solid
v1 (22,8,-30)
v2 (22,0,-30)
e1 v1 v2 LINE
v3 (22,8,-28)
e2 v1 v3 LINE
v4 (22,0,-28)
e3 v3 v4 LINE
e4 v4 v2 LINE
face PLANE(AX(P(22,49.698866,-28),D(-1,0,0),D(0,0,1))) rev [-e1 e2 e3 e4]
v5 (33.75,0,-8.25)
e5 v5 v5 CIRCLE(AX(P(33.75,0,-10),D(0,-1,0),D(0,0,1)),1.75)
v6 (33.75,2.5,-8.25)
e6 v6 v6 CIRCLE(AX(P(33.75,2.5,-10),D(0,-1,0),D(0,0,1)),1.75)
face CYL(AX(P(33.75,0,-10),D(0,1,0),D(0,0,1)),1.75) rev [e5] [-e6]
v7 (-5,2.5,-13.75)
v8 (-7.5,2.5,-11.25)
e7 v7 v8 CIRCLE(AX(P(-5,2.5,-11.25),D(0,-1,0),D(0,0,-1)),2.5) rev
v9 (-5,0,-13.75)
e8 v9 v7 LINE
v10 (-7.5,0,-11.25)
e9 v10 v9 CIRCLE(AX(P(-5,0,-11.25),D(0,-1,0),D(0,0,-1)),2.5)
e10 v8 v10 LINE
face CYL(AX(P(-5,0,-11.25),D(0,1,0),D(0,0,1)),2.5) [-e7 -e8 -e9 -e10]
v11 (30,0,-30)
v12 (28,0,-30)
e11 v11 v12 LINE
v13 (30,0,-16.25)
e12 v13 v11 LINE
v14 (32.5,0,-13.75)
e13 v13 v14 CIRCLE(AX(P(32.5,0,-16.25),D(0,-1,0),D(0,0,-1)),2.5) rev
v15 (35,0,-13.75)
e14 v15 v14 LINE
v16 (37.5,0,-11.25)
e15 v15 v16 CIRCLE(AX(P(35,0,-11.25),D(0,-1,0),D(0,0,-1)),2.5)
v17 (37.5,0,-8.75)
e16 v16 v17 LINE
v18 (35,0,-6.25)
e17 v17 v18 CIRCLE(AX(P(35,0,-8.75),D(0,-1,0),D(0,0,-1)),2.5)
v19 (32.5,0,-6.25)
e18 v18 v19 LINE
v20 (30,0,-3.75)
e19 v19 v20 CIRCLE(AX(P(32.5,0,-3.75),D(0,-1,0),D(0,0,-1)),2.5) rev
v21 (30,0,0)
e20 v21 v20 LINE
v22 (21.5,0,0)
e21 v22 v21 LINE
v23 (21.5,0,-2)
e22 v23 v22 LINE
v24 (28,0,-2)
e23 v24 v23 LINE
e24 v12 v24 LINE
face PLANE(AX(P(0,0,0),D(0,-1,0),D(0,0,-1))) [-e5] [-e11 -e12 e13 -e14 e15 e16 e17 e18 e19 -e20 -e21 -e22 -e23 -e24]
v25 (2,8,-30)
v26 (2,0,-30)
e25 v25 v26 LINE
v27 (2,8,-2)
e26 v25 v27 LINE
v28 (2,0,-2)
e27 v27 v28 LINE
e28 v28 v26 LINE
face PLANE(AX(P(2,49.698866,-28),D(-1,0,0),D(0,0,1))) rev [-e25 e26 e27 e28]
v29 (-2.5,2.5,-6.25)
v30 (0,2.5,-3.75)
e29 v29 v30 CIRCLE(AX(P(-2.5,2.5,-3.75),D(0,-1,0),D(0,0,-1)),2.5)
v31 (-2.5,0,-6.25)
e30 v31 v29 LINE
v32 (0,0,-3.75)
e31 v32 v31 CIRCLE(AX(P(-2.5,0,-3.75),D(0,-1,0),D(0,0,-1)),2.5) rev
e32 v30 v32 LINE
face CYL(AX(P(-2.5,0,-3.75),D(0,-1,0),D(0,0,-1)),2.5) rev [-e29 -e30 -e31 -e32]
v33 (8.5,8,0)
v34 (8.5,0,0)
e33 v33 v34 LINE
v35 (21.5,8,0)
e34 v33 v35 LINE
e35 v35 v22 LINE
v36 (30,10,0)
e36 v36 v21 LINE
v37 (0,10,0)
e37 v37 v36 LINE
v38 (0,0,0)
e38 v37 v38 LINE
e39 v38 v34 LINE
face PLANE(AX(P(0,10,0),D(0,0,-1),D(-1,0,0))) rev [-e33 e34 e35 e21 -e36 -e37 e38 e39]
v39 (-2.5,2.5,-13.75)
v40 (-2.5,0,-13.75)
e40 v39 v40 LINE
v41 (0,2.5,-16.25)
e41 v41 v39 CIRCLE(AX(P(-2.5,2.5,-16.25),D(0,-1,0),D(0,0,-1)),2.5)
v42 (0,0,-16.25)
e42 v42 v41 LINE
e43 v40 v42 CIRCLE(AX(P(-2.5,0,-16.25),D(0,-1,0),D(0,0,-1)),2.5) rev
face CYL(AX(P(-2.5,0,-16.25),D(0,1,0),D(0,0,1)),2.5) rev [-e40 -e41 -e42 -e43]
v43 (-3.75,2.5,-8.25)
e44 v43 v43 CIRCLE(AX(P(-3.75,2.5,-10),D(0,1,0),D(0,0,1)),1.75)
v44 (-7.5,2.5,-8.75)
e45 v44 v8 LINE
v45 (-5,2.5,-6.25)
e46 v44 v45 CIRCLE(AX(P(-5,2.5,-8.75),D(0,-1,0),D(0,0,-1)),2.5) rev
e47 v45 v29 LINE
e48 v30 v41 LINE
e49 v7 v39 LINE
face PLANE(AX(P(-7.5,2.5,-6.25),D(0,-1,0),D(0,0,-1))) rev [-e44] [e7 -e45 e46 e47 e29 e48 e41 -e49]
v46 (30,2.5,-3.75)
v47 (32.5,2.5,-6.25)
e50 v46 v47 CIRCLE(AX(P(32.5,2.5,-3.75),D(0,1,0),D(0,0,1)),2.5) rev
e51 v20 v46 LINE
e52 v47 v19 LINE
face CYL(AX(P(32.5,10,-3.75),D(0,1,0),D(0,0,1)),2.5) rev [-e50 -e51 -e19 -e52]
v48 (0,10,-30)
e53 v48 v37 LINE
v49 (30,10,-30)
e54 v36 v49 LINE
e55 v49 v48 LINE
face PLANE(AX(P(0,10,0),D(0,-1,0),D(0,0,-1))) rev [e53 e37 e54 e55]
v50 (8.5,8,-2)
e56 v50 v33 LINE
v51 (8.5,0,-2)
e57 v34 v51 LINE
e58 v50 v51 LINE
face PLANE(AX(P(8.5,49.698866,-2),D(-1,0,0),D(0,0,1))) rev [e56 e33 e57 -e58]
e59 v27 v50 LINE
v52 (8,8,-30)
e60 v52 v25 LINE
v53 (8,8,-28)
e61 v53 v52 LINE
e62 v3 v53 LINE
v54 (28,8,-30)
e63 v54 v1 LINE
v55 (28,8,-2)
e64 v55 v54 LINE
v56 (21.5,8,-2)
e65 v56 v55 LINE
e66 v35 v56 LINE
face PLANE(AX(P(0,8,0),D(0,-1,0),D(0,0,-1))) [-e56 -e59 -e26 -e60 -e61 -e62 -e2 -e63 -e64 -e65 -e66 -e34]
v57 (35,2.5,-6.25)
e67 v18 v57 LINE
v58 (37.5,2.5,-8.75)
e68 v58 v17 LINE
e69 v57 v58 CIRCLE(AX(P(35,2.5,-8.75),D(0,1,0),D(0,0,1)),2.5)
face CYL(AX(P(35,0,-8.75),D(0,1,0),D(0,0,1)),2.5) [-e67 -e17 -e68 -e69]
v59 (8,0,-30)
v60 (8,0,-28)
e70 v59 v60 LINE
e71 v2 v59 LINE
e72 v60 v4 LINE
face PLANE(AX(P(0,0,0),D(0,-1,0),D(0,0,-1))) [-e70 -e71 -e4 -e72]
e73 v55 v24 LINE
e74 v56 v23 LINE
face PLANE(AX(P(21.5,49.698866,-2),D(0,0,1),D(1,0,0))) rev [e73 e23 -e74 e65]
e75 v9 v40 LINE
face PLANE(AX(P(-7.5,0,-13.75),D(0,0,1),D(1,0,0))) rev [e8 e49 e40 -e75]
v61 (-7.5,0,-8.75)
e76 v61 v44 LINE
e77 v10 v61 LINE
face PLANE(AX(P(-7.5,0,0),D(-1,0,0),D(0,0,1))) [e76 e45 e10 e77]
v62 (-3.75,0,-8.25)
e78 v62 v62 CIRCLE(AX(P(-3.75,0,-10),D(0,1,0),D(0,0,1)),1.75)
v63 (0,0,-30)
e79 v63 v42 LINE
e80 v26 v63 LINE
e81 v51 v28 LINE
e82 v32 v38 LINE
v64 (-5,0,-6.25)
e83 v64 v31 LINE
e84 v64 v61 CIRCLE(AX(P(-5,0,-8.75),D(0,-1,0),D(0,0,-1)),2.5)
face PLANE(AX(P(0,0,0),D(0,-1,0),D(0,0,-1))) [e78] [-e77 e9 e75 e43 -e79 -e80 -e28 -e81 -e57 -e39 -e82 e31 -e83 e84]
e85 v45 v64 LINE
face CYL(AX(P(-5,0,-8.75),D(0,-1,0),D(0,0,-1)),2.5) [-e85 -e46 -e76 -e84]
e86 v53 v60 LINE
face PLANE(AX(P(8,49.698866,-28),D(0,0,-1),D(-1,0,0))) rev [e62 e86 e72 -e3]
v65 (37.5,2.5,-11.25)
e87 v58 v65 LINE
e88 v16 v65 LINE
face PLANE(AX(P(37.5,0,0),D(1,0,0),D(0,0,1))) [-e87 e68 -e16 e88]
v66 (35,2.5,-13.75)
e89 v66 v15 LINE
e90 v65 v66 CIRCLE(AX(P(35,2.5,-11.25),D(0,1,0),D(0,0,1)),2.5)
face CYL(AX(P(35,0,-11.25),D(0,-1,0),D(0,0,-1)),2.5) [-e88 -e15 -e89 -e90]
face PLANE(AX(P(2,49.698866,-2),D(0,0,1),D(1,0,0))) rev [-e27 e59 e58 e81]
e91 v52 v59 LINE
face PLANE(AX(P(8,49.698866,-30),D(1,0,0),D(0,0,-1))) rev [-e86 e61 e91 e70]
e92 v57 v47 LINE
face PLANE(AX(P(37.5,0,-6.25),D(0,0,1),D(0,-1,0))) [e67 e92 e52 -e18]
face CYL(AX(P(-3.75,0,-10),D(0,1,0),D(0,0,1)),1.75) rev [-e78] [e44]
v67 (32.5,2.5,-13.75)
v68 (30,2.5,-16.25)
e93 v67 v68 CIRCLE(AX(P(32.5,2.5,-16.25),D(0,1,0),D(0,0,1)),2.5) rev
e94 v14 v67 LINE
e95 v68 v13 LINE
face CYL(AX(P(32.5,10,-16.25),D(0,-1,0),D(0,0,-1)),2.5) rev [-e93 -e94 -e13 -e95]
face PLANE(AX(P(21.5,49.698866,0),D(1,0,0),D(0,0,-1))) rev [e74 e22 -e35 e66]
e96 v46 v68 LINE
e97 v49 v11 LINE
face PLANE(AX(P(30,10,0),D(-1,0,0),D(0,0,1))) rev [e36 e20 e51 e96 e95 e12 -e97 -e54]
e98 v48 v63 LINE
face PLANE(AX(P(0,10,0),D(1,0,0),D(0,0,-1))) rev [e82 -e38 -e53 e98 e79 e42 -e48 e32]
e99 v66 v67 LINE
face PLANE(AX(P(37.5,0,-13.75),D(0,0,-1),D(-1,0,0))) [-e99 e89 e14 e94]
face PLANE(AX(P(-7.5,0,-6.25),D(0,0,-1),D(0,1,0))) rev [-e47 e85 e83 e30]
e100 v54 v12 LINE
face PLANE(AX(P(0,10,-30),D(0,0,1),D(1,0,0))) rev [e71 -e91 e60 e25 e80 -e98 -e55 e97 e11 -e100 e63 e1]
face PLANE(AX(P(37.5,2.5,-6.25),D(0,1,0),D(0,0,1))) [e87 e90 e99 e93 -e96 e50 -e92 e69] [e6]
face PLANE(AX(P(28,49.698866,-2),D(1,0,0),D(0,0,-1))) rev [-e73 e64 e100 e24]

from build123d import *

# Parameters (mm, degrees)
SKETCH1_W           = 30
SKETCH1_H           = 30
BOSS_EXTRUDE1_DEPTH = 10
CUT_EXTRUDE1_DEPTH  = 8
SKETCH3_W           = 7.5
SKETCH3_H           = 2.5
BOSS_EXTRUDE2_DEPTH = 7.5
SKETCH4_R           = 1.75
CUT_EXTRUDE2_DEPTH  = 44.084219849
FILLET1_R           = 2.5
FILLET2_R           = 2.5


with BuildPart() as part:
    # Sketch1 → Boss-Extrude1 (new body)
    with BuildSketch(Plane(origin=(0, 0, 0), x_dir=(1, 0, 0), z_dir=(0, 1, 0))):
        with Locations((15, 15)):
            Rectangle(SKETCH1_W, SKETCH1_H)
    extrude(amount=BOSS_EXTRUDE1_DEPTH)

    # Sketch2 → Cut-Extrude1 (cut)
    with BuildSketch(Plane.XZ):
        Polygon((8.5, 0), (21.5, 0), (21.5, -2), (28, -2), (28, -28), (28, -30), (22, -30), (22, -28), (8, -28), (8, -30), (2, -30), (2, -28), (2, -2), (8.5, -2), align=None)
    extrude(amount=-CUT_EXTRUDE1_DEPTH, mode=Mode.SUBTRACT)

    # Sketch3 → Boss-Extrude2 (add)
    with BuildSketch(Plane.ZY):
        with Locations((-10, 1.25)):
            Rectangle(SKETCH3_W, SKETCH3_H)
    boss_extrude2 = extrude(amount=BOSS_EXTRUDE2_DEPTH)

    # Sketch4 → Cut-Extrude2 (cut, through all)
    with BuildSketch(Plane(origin=(0, 2.5, 0), x_dir=(1, 0, 0), z_dir=(0, 1, 0))):
        with Locations(Location((-3.75, 10, 0), (0, 0, 270))):
            Circle(SKETCH4_R)
    cut_extrude2 = extrude(amount=-CUT_EXTRUDE2_DEPTH, mode=Mode.SUBTRACT)

    # Fillet1
    fillet1_edges = [part.edges().sort_by_distance(p)[0] for p in [
        (0, 1.25, -6.25),
        (0, 1.25, -13.75),
        (-7.5, 1.25, -6.25),
        (-7.5, 1.25, -13.75),
    ]]
    fillet(fillet1_edges, radius=FILLET1_R)

    # Mirror1: Boss-Extrude2, Cut-Extrude2 across plane
    add(boss_extrude2.mirror(Plane.ZY.offset(-15)))
    add(cut_extrude2.mirror(Plane.ZY.offset(-15)), mode=Mode.SUBTRACT)

    # Fillet2
    fillet2_edges = [part.edges().sort_by_distance(p)[0] for p in [
        (37.5, 1.25, -6.25),
        (37.5, 1.25, -13.75),
        (30, 1.25, -6.25),
        (30, 1.25, -13.75),
    ]]
    fillet(fillet2_edges, radius=FILLET2_R)


solid = part.part
